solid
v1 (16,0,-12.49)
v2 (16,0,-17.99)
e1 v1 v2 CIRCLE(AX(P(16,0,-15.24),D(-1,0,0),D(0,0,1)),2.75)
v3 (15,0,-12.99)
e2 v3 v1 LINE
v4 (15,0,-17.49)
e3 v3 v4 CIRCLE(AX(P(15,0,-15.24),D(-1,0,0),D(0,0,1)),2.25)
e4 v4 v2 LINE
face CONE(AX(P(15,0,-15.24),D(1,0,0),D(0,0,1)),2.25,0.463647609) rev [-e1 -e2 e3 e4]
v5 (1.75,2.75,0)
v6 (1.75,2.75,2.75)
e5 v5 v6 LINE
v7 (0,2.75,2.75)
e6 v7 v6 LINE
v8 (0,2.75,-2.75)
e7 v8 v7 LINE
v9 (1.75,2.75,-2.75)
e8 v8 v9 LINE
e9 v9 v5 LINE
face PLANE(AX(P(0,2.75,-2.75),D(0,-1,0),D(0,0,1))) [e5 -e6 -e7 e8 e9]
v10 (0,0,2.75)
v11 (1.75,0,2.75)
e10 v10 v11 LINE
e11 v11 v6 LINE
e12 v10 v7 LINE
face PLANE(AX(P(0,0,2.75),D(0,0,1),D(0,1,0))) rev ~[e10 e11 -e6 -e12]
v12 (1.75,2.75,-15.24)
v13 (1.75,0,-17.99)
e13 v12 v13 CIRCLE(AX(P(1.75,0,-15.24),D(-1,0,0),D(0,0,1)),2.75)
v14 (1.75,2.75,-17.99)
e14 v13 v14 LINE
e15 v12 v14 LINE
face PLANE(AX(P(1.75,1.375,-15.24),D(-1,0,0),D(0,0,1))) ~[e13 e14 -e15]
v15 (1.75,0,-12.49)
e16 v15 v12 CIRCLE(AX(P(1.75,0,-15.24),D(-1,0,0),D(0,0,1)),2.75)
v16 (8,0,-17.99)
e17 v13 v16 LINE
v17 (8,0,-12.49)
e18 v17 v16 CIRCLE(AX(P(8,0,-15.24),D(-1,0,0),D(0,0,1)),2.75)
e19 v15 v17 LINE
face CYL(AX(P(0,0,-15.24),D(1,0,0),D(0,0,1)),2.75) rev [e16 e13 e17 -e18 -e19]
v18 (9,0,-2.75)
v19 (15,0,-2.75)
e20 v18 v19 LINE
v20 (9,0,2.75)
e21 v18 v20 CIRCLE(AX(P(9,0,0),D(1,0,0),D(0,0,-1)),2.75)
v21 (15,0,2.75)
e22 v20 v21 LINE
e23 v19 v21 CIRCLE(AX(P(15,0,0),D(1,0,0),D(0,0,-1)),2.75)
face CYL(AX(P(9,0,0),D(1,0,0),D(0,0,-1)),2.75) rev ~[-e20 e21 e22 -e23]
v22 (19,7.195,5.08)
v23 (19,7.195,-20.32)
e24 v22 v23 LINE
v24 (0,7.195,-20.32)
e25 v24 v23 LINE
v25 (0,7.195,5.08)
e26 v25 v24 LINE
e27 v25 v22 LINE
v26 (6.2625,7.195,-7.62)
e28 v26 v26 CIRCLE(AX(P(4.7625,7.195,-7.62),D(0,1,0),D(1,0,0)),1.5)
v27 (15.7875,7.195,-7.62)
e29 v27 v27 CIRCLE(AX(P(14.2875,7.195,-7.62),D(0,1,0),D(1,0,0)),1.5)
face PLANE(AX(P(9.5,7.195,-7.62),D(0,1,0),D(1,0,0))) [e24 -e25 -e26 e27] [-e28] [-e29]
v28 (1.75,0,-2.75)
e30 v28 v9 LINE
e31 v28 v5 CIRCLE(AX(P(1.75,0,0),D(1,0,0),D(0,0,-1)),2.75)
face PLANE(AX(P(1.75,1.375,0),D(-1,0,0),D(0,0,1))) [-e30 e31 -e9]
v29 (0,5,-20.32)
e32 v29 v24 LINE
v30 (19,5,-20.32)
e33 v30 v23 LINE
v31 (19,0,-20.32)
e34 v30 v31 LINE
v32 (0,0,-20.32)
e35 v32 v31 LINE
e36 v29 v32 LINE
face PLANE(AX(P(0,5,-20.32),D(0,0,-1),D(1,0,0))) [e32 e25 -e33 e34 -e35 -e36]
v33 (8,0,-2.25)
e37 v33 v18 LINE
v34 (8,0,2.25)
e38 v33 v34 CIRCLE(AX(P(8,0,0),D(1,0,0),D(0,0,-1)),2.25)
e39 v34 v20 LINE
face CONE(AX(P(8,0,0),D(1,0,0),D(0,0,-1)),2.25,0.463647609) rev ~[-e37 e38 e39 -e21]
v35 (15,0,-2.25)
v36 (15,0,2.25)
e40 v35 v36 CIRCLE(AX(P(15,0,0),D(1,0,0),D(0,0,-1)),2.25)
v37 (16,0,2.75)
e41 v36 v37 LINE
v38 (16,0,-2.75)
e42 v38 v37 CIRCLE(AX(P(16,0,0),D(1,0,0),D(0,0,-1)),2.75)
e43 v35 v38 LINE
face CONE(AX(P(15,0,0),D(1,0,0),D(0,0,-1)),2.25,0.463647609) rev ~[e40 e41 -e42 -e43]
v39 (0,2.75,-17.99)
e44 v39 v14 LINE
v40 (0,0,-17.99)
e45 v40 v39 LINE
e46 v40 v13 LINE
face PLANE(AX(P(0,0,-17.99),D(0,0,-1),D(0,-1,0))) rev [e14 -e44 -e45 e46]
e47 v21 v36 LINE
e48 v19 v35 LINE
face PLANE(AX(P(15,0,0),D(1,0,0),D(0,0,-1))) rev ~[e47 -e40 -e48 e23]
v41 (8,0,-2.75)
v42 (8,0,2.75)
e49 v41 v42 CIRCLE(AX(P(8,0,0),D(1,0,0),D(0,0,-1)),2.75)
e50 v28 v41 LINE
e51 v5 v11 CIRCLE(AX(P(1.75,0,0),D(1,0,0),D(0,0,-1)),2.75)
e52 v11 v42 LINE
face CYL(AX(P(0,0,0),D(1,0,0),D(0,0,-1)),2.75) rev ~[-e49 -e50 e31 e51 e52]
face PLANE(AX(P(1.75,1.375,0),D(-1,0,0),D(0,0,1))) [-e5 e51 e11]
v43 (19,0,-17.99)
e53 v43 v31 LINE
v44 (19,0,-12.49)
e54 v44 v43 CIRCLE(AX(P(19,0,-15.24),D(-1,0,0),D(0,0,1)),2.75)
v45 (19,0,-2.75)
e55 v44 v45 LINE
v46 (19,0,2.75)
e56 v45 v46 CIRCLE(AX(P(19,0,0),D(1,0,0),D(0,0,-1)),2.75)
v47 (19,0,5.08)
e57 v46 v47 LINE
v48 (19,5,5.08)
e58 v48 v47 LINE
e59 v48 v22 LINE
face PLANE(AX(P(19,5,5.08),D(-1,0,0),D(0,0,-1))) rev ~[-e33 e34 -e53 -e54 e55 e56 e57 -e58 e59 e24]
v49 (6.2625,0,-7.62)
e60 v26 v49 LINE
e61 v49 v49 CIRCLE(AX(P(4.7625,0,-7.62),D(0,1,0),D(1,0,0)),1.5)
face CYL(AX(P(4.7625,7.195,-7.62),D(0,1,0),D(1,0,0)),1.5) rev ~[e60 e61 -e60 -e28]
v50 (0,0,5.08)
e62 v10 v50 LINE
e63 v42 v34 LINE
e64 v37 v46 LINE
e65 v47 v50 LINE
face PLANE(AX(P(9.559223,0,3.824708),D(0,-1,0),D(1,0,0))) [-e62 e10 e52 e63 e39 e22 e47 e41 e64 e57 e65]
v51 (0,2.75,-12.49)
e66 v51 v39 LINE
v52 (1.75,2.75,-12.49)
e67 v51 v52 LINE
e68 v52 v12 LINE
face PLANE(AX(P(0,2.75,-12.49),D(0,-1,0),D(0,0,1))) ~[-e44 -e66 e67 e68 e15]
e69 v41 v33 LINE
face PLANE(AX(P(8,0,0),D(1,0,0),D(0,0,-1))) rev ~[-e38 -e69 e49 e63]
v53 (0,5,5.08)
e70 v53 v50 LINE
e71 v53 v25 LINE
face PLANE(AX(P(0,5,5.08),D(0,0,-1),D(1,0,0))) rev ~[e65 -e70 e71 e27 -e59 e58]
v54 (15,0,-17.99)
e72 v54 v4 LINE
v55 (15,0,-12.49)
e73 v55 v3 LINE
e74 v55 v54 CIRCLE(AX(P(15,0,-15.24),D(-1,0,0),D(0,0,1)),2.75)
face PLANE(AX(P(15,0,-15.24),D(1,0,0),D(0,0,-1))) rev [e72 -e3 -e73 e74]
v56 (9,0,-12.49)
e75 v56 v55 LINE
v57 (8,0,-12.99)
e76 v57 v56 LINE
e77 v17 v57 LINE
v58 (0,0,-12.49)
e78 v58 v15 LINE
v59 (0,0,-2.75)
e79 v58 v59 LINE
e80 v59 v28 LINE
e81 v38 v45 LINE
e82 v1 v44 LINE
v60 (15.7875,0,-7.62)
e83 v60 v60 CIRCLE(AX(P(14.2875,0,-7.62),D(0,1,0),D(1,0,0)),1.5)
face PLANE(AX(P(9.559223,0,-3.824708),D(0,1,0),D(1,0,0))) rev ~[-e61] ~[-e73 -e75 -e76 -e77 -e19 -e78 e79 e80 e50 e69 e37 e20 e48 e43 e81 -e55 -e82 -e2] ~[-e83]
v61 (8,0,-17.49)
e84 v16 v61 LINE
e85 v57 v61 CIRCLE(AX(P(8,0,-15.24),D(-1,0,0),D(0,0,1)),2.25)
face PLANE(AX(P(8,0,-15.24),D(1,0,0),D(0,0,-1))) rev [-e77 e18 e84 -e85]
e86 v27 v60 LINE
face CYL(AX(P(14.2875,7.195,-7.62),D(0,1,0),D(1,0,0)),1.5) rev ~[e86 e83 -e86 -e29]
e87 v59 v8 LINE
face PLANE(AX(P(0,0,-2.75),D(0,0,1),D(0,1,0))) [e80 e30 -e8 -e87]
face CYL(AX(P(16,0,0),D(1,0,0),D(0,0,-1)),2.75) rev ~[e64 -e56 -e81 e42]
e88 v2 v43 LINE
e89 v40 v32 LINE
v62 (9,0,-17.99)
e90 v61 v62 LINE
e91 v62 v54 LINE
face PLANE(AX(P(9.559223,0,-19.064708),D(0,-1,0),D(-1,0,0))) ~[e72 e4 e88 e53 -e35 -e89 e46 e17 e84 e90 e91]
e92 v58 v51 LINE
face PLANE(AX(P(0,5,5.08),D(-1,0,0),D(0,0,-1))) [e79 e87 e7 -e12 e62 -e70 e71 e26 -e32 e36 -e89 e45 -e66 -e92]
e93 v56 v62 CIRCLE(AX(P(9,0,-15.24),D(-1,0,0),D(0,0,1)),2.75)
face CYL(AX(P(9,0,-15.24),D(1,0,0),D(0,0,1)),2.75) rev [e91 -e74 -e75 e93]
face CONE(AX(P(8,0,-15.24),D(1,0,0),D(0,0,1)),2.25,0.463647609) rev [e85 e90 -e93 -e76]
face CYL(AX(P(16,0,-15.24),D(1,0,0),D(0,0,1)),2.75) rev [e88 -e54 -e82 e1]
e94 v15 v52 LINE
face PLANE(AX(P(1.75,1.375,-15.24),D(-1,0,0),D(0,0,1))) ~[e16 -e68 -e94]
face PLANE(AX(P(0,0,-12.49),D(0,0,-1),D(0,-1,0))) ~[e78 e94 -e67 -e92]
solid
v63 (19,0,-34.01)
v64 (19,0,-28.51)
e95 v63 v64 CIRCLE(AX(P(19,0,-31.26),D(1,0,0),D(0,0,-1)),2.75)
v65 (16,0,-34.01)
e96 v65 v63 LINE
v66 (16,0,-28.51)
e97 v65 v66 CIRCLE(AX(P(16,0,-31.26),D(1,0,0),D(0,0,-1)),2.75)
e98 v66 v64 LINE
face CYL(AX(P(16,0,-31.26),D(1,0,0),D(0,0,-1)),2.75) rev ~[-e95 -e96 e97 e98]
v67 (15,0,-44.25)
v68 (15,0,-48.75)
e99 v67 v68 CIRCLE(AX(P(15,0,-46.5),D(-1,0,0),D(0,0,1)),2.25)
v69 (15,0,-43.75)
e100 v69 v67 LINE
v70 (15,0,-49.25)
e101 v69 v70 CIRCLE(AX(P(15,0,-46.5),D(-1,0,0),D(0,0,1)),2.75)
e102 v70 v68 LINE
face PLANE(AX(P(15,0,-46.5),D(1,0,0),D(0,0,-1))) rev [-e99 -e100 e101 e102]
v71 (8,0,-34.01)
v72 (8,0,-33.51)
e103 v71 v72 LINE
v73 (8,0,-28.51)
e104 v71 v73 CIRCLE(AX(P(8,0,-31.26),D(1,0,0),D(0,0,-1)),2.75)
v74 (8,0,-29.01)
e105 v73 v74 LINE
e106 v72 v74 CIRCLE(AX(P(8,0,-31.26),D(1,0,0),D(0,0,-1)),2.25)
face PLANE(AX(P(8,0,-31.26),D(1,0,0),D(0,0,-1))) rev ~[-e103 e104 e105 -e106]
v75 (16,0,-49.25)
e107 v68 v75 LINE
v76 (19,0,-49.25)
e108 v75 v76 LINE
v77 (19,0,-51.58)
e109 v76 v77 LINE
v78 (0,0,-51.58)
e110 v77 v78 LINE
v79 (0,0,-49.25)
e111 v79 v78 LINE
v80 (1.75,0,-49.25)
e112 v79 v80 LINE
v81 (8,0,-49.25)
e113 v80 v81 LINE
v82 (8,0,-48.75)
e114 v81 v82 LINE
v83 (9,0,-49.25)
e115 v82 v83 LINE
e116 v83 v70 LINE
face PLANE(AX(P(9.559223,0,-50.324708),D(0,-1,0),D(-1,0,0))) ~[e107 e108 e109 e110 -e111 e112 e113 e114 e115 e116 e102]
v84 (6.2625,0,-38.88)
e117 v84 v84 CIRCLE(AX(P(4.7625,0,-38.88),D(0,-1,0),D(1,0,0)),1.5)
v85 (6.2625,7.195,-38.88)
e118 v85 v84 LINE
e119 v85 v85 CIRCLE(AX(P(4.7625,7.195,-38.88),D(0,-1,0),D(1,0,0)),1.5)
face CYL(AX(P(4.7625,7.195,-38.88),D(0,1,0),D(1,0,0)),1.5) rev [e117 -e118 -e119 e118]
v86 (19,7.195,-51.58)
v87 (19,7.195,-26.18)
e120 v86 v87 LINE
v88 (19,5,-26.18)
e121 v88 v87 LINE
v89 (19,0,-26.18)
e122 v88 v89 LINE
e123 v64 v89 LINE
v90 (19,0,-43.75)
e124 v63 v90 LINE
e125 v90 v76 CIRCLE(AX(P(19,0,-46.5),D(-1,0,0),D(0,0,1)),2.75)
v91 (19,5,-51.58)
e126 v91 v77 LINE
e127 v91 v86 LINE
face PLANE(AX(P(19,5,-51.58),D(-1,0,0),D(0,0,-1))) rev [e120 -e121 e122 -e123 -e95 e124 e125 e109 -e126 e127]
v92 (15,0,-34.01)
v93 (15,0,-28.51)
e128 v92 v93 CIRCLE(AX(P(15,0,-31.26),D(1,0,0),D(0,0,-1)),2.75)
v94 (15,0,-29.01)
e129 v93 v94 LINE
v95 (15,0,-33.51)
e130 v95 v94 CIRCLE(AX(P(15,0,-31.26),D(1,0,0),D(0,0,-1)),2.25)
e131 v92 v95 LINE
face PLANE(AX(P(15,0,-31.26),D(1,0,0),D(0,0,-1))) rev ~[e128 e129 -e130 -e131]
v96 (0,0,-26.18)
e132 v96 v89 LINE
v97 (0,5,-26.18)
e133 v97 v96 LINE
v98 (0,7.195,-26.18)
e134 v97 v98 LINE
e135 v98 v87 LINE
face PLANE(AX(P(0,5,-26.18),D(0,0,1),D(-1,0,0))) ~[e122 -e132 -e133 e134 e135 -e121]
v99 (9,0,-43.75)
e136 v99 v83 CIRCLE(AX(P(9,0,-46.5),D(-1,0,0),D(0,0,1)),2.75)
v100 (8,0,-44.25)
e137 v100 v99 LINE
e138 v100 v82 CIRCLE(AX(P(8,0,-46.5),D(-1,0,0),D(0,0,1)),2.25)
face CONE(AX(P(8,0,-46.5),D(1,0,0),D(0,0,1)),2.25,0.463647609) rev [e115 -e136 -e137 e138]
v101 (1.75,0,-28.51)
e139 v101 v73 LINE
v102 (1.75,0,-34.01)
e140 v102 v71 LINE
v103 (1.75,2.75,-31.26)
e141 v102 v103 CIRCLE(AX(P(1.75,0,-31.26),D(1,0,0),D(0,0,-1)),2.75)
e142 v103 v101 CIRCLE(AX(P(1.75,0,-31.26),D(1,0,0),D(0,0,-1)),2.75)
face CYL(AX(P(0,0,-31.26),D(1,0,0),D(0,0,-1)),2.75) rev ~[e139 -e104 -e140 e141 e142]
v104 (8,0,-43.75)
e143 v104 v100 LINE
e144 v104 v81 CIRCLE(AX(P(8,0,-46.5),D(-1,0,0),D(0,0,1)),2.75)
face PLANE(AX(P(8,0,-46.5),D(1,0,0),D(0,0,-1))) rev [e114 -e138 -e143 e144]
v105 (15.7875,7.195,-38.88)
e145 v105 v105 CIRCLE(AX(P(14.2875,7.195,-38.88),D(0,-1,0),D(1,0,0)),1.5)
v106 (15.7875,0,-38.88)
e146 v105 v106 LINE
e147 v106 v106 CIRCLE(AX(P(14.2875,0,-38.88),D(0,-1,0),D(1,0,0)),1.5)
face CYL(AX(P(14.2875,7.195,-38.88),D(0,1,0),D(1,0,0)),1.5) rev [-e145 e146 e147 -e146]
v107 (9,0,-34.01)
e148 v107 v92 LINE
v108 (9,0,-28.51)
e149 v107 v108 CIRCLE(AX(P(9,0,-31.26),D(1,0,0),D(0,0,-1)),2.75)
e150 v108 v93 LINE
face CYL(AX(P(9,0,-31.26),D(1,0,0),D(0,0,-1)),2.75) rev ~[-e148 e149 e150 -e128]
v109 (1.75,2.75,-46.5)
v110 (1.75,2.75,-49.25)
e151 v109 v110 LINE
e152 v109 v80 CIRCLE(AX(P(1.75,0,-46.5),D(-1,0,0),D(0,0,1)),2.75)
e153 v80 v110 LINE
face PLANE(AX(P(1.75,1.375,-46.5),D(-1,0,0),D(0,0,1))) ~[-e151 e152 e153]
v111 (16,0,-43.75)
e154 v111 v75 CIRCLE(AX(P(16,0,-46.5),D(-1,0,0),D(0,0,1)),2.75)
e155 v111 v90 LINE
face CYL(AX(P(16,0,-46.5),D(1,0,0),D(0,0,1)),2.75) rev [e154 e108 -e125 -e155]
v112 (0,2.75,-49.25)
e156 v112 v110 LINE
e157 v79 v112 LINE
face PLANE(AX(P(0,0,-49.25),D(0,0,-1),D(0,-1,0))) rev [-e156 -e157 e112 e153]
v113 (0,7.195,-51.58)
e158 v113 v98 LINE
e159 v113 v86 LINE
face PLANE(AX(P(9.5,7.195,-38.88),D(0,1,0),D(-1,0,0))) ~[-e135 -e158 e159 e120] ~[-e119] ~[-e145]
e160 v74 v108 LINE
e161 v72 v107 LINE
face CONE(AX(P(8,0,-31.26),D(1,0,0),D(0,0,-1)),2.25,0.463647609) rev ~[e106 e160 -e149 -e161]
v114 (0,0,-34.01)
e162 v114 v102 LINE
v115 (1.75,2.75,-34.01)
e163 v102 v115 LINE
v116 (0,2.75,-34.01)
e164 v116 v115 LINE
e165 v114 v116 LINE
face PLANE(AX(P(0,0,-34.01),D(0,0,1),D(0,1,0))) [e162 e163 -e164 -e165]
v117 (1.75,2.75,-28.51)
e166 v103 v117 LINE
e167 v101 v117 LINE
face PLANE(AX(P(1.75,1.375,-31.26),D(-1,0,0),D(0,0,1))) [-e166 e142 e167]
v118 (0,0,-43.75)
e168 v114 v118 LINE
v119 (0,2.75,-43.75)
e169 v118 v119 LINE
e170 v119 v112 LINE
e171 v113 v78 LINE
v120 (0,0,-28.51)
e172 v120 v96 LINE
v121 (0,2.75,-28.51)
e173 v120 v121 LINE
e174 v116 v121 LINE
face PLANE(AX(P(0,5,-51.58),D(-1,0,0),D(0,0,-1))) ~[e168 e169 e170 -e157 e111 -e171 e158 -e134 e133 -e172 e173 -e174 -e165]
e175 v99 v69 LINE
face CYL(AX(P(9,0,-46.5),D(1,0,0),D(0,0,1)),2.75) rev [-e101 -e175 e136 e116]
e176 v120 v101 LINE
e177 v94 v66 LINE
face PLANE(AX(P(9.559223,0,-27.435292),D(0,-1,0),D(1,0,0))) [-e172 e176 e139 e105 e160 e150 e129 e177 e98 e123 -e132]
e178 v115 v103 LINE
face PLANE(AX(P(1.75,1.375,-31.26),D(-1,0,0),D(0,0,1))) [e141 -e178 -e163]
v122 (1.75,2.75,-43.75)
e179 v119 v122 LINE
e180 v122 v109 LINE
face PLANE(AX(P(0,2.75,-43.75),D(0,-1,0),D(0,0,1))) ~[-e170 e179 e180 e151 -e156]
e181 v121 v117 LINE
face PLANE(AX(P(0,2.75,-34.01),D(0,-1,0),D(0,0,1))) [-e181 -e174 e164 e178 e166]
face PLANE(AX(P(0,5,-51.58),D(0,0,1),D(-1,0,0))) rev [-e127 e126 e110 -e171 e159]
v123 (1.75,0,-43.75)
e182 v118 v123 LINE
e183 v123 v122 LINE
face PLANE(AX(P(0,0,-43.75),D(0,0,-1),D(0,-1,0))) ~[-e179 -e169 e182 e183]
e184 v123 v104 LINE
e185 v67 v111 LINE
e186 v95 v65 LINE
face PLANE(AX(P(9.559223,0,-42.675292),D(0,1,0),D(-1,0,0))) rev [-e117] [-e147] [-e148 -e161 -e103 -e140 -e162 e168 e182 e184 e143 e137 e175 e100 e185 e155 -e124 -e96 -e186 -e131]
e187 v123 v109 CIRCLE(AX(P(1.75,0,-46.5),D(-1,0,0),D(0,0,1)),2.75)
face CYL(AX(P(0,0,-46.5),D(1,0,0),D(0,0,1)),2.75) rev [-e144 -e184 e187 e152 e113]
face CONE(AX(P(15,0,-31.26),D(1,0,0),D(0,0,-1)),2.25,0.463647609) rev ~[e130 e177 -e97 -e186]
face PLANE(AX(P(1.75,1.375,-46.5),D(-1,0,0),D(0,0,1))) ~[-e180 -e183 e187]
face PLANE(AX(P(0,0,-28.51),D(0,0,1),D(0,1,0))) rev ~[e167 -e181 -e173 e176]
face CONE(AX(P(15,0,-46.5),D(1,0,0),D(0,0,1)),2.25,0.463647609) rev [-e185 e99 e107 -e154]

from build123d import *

# Parameters (mm, degrees)
REVOLVE1_ANGLE           = 180
BOSS_EXTRUDE1_DEPTH      = 9.25
BOSS_EXTRUDE1_DEPTH_BACK = 9.25
BOSS_EXTRUDE2_START      = 3.5
BOSS_EXTRUDE2_DEPTH      = 5.75
BOSS_EXTRUDE3_START      = -3.5
BOSS_EXTRUDE3_DEPTH      = 5.75
SKETCH13_W               = 5.5
SKETCH13_H               = 2.75
CUT_EXTRUDE9_DEPTH       = 1.75
SKETCH16_W               = 19
SKETCH16_H               = 4.169999961
CUT_EXTRUDE10_DEPTH      = 6
SKETCH17_W               = 19
SKETCH17_H               = 25.400000078
BOSS_EXTRUDE4_DEPTH      = 2.194999928
SKETCH18_R               = 1.5
CUT_EXTRUDE11_DEPTH      = 8.194999928


with BuildPart() as part:
    # Sketch6 → Revolve1 (revolve)
    with BuildSketch(Plane(origin=(0, 0, 0), x_dir=(1, 0, 0), z_dir=(0, 1, 0))):
        Polygon((0, 5), (0, 2.75), (8, 2.75), (8, 2.25), (9, 2.75), (15, 2.75), (15, 2.25), (16, 2.75), (19, 2.75), (19, 5), align=None)
    revolve(axis=Axis((0, 0, 0), (1, 0, 0)), revolution_arc=REVOLVE1_ANGLE)

    # Sketch9 → Boss-Extrude1 (add, two sides)
    with BuildSketch(Plane.XY) as boss_extrude1_sk:
        Polygon((0, 3.25), (0, 5), (19, 5), (19, 2.75), align=None)
    extrude(amount=BOSS_EXTRUDE1_DEPTH)
    extrude(boss_extrude1_sk.sketch, amount=-BOSS_EXTRUDE1_DEPTH_BACK)

    # Sketch9<3> → Boss-Extrude2 (add)
    with BuildSketch(Plane.XY.offset(BOSS_EXTRUDE2_START)):
        Polygon((0, 3.25), (19, 2.75), (19, 0), (0, 0), align=None)
    extrude(amount=BOSS_EXTRUDE2_DEPTH)

    # Sketch9<4> → Boss-Extrude3 (add)
    with BuildSketch(Plane.XY.offset(BOSS_EXTRUDE3_START)):
        Polygon((0, 3.25), (19, 2.75), (19, 0), (0, 0), align=None)
    extrude(amount=-BOSS_EXTRUDE3_DEPTH)

    # Sketch13 → Cut-Extrude9 (cut)
    with BuildSketch(Plane.ZY):
        with Locations((0, 1.375)):
            Rectangle(SKETCH13_W, SKETCH13_H)
    extrude(amount=-CUT_EXTRUDE9_DEPTH, mode=Mode.SUBTRACT)

    # Mirror4: part across plane


with BuildPart() as part_1:
    add(part.part)
    add(part.part.mirror(Plane.XY.offset(-7.62)))

    # Sketch16 → Cut-Extrude10 (cut, through all)
    with BuildSketch(Plane(origin=(0, 5, 0), x_dir=(1, 0, 0), z_dir=(0, 1, 0))):
        with Locations((9.5, 22.40500002)):
            Rectangle(SKETCH16_W, SKETCH16_H)
        with Locations((9.5, -7.16500002)):
            Rectangle(SKETCH16_W, SKETCH16_H)
    extrude(amount=-CUT_EXTRUDE10_DEPTH, mode=Mode.SUBTRACT)

    # Sketch17 → Boss-Extrude4 (add)
    with BuildSketch(Plane(origin=(0, 5, 0), x_dir=(1, 0, 0), z_dir=(0, 1, 0))):
        with Locations((9.5, 7.62)):
            Rectangle(SKETCH17_W, SKETCH17_H)
    extrude(amount=BOSS_EXTRUDE4_DEPTH)

    # Sketch18 → Cut-Extrude11 (cut, through all)
    with BuildSketch(Plane(origin=(0, 7.194999928, 0), x_dir=(1, 0, 0), z_dir=(0, 1, 0))):
        with Locations((14.2875, 7.619999961)):
            Circle(SKETCH18_R)
        with Locations((4.7625, 7.619999961)):
            Circle(SKETCH18_R)
    extrude(amount=-CUT_EXTRUDE11_DEPTH, mode=Mode.SUBTRACT)


with BuildPart() as body_2:
    # Mirror1: mirrored copy
    add(part_1.part.mirror(Plane(origin=(0, 0, -23.25), x_dir=(1, 0, 0), z_dir=(0, 0, -1))))


solid = Compound([part_1.part, body_2.part])
